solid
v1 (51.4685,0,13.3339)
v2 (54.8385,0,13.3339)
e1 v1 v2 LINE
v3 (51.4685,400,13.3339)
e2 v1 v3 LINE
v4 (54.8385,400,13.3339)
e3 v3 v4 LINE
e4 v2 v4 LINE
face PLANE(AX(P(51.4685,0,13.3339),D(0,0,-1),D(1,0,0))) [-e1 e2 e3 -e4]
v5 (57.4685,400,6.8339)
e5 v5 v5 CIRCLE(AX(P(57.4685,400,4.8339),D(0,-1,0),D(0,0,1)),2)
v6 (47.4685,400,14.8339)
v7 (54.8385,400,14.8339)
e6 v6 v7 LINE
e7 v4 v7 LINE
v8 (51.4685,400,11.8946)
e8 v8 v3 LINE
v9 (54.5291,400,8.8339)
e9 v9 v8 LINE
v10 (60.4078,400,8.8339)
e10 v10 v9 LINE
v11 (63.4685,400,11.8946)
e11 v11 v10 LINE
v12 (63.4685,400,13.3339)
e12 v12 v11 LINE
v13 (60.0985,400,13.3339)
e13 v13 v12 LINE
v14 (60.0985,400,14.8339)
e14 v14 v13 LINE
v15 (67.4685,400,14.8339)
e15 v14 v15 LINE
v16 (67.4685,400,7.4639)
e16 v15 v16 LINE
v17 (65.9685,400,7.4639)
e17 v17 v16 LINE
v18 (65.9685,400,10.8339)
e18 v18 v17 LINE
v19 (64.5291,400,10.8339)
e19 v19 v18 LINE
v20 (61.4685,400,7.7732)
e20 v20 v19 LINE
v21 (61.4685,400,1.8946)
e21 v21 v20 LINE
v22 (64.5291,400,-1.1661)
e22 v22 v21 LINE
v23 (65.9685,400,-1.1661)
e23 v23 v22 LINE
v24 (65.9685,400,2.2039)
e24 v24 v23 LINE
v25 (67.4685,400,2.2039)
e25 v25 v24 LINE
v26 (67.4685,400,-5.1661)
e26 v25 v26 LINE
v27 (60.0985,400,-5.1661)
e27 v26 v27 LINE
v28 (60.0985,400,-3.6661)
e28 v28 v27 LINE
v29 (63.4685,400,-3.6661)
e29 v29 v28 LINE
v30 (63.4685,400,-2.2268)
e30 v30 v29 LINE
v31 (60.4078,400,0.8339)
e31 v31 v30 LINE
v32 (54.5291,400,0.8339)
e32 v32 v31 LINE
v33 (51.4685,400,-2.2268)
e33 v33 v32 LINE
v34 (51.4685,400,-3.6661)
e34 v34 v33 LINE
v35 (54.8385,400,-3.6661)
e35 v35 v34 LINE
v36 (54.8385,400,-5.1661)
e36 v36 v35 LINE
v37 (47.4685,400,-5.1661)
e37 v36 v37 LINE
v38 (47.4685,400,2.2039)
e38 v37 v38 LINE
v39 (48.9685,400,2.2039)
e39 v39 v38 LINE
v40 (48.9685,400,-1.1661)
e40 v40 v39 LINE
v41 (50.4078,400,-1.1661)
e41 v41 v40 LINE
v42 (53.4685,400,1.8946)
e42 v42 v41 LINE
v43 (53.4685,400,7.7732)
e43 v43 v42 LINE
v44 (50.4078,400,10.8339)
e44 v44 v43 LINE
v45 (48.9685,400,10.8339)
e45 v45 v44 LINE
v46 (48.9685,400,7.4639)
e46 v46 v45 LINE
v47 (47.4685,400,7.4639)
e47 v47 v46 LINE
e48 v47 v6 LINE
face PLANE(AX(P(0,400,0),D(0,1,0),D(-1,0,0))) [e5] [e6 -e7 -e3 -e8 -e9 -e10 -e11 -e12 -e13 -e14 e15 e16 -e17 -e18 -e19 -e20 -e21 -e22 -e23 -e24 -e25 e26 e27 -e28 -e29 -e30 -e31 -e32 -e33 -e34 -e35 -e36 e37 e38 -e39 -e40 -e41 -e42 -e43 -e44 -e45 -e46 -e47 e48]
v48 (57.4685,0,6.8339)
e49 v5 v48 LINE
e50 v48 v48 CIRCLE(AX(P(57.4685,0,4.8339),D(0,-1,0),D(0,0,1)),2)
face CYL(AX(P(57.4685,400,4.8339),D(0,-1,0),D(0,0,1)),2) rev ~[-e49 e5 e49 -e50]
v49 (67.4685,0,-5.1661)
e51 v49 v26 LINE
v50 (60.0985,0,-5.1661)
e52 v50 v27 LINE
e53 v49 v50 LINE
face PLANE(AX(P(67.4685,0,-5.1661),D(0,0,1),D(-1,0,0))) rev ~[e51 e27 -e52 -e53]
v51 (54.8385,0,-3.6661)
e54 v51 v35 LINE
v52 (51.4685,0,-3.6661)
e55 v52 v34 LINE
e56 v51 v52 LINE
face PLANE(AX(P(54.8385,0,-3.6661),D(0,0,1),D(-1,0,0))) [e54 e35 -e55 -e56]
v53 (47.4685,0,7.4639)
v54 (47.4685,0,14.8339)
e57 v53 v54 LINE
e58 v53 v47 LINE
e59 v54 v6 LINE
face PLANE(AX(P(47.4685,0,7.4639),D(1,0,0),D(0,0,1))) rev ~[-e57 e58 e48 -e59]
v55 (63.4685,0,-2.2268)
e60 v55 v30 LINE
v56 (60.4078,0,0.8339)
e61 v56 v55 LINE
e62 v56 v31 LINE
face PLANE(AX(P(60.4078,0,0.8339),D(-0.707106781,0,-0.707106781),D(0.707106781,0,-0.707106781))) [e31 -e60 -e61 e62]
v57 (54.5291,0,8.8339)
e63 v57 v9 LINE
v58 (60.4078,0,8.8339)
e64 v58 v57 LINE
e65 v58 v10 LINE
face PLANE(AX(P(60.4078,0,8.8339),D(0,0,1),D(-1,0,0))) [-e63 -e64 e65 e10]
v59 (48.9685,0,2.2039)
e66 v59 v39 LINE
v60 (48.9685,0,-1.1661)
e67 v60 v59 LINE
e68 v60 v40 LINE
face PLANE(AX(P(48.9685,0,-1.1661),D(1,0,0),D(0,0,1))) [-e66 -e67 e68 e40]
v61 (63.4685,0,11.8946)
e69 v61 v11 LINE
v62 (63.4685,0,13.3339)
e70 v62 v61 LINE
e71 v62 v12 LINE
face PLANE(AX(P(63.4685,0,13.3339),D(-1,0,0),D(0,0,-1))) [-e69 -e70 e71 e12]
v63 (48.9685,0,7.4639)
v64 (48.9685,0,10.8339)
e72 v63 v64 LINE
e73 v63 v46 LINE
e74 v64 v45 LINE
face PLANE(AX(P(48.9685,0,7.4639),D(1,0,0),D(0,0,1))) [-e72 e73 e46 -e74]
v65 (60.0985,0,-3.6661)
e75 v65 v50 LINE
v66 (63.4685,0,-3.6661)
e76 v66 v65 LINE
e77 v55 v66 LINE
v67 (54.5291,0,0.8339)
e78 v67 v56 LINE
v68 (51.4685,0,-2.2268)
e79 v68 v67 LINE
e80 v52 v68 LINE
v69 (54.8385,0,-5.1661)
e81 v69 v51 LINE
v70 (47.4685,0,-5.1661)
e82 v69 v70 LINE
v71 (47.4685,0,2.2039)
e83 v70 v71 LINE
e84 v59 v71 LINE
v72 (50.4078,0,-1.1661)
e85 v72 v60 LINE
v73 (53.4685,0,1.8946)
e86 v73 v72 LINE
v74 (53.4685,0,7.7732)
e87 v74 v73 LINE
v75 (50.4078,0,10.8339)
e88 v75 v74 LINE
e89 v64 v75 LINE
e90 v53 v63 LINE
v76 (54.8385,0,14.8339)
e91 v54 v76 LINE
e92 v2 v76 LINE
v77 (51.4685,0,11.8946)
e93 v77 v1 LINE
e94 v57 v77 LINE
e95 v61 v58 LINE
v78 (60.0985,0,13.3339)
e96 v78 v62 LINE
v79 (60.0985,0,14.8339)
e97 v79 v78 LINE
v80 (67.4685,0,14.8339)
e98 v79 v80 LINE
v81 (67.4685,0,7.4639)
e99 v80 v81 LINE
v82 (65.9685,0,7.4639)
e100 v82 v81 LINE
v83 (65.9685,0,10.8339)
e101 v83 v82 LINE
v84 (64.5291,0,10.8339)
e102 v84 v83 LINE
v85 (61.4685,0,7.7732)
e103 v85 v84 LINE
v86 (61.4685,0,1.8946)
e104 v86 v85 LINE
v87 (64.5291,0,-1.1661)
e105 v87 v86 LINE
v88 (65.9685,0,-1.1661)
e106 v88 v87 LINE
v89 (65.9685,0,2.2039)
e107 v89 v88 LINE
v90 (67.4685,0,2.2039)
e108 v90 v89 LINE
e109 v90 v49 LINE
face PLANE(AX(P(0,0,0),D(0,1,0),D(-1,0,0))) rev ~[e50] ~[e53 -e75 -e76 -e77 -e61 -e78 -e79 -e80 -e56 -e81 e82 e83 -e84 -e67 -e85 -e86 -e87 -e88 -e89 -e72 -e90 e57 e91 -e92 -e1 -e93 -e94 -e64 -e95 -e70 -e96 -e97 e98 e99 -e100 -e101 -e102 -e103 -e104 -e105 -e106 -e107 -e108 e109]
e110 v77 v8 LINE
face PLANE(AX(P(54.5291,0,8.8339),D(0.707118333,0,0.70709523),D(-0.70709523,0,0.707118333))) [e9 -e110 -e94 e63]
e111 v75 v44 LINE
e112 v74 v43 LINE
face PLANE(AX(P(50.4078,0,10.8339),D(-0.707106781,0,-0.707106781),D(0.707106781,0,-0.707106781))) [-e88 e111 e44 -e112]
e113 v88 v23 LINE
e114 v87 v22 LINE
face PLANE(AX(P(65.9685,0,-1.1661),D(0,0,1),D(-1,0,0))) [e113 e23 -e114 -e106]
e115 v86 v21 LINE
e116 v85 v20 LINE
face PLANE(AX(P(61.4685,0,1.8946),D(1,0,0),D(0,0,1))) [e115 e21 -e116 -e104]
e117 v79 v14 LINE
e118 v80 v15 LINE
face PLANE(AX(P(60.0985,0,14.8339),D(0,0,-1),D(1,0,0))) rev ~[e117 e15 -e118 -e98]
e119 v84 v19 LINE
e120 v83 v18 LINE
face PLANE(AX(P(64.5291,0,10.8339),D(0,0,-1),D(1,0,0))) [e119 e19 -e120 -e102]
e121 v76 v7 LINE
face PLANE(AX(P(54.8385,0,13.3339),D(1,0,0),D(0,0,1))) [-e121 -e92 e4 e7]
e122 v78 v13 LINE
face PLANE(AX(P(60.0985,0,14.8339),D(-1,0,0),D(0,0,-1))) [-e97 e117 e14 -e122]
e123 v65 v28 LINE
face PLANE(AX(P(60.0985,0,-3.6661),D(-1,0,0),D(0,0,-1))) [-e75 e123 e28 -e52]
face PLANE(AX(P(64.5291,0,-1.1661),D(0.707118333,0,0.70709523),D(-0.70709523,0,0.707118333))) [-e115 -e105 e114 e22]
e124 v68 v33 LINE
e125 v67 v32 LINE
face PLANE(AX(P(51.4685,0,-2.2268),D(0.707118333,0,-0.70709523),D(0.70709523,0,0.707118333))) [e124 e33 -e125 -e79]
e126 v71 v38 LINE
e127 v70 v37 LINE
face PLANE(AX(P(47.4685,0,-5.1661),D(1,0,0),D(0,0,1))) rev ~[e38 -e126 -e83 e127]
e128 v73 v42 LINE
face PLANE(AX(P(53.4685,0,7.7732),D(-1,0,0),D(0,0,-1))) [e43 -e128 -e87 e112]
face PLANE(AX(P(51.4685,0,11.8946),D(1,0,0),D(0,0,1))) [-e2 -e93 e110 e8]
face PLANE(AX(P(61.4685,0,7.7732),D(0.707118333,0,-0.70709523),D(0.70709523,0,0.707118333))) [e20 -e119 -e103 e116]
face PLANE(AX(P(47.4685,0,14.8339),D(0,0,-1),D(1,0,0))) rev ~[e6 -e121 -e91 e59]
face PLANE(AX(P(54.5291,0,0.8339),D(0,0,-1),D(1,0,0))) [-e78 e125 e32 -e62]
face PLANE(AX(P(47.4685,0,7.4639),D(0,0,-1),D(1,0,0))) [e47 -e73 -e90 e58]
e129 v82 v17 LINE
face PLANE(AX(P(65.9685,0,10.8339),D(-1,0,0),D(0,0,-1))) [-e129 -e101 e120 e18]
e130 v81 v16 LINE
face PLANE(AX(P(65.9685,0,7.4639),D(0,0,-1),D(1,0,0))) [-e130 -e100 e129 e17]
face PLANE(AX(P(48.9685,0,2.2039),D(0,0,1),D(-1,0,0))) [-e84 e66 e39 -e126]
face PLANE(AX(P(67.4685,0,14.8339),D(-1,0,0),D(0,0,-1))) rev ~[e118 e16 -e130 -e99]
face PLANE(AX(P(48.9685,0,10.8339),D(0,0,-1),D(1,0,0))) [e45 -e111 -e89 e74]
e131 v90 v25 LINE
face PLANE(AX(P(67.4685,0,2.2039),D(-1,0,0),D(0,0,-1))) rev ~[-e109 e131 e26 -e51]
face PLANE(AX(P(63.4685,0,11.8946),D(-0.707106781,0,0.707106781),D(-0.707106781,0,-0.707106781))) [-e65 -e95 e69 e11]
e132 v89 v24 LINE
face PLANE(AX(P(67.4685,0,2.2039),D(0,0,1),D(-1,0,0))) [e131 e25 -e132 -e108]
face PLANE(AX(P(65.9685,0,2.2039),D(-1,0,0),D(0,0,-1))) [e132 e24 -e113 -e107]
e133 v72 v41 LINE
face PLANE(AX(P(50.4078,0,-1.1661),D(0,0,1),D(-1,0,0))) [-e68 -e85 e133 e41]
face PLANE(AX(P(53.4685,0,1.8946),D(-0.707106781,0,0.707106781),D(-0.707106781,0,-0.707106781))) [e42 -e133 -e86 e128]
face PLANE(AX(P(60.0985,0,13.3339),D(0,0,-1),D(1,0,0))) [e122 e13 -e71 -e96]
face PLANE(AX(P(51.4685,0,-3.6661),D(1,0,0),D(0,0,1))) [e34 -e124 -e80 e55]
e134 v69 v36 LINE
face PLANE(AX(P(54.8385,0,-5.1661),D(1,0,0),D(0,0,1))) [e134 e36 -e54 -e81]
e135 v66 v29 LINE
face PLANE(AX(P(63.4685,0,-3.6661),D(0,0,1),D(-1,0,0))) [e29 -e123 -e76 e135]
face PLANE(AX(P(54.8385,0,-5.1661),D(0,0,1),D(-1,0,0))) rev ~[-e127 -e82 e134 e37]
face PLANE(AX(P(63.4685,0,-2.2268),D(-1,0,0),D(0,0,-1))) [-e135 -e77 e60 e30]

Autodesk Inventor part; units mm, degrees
ref_plane "YZ Plane" through (0, 0, 0) normal (1, 0, 0) x (0, 1, 0)
ref_plane "XZ Plane" through (0, 0, 0) normal (0, 1, 0) x (-1, 0, 0)
ref_plane "XY Plane" through (0, 0, 0) normal (0, 0, 1) x (1, 0, 0)
sketch "Sketch1" plane through (0, 0, 0) normal (0, 1, 0) x (-1, 0, 0)
  line L0 (-60.4078, 0.8339) -> (-63.4685, -2.2268)
  line L1 (-54.8385, -5.1661) -> (-54.8385, -3.6661)
  line L2 (-67.4685, 14.8339) -> (-67.4685, 7.4639)
  line L3 (-63.4685, 11.8946) -> (-60.4078, 8.8339)
  line L4 (-54.5291, 8.8339) -> (-51.4685, 11.8946)
  line L5 (-50.4078, 10.8339) -> (-53.4685, 7.7732)
  line L6 (-60.0985, 14.8339) -> (-67.4685, 14.8339)
  line L7 (-48.9685, 2.2039) -> (-47.4685, 2.2039)
  line L8 (-64.5291, -1.1661) -> (-61.4685, 1.8946)
  line L9 (-65.9685, 7.4639) -> (-67.4685, 7.4639)
  line L10 (-47.4685, 14.8339) -> (-54.8385, 14.8339)
  line L11 (-51.4685, -2.2268) -> (-54.5291, 0.8339)
  line L12 (-60.0985, 13.3339) -> (-63.4685, 13.3339)
  line L13 (-51.4685, 13.3339) -> (-54.8385, 13.3339)
  line L14 (-60.0985, -3.6661) -> (-60.0985, -5.1661)
  line L15 (-48.9685, 7.4639) -> (-48.9685, 10.8339)
  line L16 (-50.4078, -1.1661) -> (-48.9685, -1.1661)
  line L17 (-65.9685, 2.2039) -> (-65.9685, -1.1661)
  line L18 (-64.5291, 10.8339) -> (-65.9685, 10.8339)
  line L19 (-67.4685, -5.1661) -> (-60.0985, -5.1661)
  line L20 (-54.8385, -3.6661) -> (-51.4685, -3.6661)
  line L21 (-63.4685, -2.2268) -> (-63.4685, -3.6661)
  line L22 (-54.8385, -5.1661) -> (-47.4685, -5.1661)
  line L23 (-60.4078, 8.8339) -> (-54.5291, 8.8339)
  line L24 (-67.4685, 2.2039) -> (-67.4685, -5.1661)
  line L25 (-53.4685, 7.7732) -> (-53.4685, 1.8946)
  line L26 (-61.4685, 1.8946) -> (-61.4685, 7.7732)
  line L27 (-47.4685, -5.1661) -> (-47.4685, 2.2039)
  line L28 (-54.5291, 0.8339) -> (-60.4078, 0.8339)
  line L29 (-54.8385, 13.3339) -> (-54.8385, 14.8339)
  line L30 (-63.4685, 13.3339) -> (-63.4685, 11.8946)
  line L31 (-48.9685, 10.8339) -> (-50.4078, 10.8339)
  line L32 (-48.9685, -1.1661) -> (-48.9685, 2.2039)
  line L33 (-47.4685, 7.4639) -> (-47.4685, 14.8339)
  line L34 (-65.9685, -1.1661) -> (-64.5291, -1.1661)
  line L35 (-65.9685, 10.8339) -> (-65.9685, 7.4639)
  line L36 (-51.4685, -3.6661) -> (-51.4685, -2.2268)
  line L37 (-63.4685, -3.6661) -> (-60.0985, -3.6661)
  line L38 (-60.0985, 14.8339) -> (-60.0985, 13.3339)
  line L39 (-51.4685, 11.8946) -> (-51.4685, 13.3339)
  line L40 (-47.4685, 7.4639) -> (-48.9685, 7.4639)
  line L41 (-53.4685, 1.8946) -> (-50.4078, -1.1661)
  line L42 (-67.4685, 2.2039) -> (-65.9685, 2.2039)
  line L43 (-61.4685, 7.7732) -> (-64.5291, 10.8339)
extrude "Extrusion1" add sketch "Sketch1" along normal blind 400
sketch "Sketch2" plane through (0, 400, 0) normal (0, 1, 0) x (1, 0, 0)
  point P0 (57.4685, -4.8339)
hole "Hole1" at (57.4685, 400, 4.8339) direction (0, -1, 0) diameter 4 depth 400
